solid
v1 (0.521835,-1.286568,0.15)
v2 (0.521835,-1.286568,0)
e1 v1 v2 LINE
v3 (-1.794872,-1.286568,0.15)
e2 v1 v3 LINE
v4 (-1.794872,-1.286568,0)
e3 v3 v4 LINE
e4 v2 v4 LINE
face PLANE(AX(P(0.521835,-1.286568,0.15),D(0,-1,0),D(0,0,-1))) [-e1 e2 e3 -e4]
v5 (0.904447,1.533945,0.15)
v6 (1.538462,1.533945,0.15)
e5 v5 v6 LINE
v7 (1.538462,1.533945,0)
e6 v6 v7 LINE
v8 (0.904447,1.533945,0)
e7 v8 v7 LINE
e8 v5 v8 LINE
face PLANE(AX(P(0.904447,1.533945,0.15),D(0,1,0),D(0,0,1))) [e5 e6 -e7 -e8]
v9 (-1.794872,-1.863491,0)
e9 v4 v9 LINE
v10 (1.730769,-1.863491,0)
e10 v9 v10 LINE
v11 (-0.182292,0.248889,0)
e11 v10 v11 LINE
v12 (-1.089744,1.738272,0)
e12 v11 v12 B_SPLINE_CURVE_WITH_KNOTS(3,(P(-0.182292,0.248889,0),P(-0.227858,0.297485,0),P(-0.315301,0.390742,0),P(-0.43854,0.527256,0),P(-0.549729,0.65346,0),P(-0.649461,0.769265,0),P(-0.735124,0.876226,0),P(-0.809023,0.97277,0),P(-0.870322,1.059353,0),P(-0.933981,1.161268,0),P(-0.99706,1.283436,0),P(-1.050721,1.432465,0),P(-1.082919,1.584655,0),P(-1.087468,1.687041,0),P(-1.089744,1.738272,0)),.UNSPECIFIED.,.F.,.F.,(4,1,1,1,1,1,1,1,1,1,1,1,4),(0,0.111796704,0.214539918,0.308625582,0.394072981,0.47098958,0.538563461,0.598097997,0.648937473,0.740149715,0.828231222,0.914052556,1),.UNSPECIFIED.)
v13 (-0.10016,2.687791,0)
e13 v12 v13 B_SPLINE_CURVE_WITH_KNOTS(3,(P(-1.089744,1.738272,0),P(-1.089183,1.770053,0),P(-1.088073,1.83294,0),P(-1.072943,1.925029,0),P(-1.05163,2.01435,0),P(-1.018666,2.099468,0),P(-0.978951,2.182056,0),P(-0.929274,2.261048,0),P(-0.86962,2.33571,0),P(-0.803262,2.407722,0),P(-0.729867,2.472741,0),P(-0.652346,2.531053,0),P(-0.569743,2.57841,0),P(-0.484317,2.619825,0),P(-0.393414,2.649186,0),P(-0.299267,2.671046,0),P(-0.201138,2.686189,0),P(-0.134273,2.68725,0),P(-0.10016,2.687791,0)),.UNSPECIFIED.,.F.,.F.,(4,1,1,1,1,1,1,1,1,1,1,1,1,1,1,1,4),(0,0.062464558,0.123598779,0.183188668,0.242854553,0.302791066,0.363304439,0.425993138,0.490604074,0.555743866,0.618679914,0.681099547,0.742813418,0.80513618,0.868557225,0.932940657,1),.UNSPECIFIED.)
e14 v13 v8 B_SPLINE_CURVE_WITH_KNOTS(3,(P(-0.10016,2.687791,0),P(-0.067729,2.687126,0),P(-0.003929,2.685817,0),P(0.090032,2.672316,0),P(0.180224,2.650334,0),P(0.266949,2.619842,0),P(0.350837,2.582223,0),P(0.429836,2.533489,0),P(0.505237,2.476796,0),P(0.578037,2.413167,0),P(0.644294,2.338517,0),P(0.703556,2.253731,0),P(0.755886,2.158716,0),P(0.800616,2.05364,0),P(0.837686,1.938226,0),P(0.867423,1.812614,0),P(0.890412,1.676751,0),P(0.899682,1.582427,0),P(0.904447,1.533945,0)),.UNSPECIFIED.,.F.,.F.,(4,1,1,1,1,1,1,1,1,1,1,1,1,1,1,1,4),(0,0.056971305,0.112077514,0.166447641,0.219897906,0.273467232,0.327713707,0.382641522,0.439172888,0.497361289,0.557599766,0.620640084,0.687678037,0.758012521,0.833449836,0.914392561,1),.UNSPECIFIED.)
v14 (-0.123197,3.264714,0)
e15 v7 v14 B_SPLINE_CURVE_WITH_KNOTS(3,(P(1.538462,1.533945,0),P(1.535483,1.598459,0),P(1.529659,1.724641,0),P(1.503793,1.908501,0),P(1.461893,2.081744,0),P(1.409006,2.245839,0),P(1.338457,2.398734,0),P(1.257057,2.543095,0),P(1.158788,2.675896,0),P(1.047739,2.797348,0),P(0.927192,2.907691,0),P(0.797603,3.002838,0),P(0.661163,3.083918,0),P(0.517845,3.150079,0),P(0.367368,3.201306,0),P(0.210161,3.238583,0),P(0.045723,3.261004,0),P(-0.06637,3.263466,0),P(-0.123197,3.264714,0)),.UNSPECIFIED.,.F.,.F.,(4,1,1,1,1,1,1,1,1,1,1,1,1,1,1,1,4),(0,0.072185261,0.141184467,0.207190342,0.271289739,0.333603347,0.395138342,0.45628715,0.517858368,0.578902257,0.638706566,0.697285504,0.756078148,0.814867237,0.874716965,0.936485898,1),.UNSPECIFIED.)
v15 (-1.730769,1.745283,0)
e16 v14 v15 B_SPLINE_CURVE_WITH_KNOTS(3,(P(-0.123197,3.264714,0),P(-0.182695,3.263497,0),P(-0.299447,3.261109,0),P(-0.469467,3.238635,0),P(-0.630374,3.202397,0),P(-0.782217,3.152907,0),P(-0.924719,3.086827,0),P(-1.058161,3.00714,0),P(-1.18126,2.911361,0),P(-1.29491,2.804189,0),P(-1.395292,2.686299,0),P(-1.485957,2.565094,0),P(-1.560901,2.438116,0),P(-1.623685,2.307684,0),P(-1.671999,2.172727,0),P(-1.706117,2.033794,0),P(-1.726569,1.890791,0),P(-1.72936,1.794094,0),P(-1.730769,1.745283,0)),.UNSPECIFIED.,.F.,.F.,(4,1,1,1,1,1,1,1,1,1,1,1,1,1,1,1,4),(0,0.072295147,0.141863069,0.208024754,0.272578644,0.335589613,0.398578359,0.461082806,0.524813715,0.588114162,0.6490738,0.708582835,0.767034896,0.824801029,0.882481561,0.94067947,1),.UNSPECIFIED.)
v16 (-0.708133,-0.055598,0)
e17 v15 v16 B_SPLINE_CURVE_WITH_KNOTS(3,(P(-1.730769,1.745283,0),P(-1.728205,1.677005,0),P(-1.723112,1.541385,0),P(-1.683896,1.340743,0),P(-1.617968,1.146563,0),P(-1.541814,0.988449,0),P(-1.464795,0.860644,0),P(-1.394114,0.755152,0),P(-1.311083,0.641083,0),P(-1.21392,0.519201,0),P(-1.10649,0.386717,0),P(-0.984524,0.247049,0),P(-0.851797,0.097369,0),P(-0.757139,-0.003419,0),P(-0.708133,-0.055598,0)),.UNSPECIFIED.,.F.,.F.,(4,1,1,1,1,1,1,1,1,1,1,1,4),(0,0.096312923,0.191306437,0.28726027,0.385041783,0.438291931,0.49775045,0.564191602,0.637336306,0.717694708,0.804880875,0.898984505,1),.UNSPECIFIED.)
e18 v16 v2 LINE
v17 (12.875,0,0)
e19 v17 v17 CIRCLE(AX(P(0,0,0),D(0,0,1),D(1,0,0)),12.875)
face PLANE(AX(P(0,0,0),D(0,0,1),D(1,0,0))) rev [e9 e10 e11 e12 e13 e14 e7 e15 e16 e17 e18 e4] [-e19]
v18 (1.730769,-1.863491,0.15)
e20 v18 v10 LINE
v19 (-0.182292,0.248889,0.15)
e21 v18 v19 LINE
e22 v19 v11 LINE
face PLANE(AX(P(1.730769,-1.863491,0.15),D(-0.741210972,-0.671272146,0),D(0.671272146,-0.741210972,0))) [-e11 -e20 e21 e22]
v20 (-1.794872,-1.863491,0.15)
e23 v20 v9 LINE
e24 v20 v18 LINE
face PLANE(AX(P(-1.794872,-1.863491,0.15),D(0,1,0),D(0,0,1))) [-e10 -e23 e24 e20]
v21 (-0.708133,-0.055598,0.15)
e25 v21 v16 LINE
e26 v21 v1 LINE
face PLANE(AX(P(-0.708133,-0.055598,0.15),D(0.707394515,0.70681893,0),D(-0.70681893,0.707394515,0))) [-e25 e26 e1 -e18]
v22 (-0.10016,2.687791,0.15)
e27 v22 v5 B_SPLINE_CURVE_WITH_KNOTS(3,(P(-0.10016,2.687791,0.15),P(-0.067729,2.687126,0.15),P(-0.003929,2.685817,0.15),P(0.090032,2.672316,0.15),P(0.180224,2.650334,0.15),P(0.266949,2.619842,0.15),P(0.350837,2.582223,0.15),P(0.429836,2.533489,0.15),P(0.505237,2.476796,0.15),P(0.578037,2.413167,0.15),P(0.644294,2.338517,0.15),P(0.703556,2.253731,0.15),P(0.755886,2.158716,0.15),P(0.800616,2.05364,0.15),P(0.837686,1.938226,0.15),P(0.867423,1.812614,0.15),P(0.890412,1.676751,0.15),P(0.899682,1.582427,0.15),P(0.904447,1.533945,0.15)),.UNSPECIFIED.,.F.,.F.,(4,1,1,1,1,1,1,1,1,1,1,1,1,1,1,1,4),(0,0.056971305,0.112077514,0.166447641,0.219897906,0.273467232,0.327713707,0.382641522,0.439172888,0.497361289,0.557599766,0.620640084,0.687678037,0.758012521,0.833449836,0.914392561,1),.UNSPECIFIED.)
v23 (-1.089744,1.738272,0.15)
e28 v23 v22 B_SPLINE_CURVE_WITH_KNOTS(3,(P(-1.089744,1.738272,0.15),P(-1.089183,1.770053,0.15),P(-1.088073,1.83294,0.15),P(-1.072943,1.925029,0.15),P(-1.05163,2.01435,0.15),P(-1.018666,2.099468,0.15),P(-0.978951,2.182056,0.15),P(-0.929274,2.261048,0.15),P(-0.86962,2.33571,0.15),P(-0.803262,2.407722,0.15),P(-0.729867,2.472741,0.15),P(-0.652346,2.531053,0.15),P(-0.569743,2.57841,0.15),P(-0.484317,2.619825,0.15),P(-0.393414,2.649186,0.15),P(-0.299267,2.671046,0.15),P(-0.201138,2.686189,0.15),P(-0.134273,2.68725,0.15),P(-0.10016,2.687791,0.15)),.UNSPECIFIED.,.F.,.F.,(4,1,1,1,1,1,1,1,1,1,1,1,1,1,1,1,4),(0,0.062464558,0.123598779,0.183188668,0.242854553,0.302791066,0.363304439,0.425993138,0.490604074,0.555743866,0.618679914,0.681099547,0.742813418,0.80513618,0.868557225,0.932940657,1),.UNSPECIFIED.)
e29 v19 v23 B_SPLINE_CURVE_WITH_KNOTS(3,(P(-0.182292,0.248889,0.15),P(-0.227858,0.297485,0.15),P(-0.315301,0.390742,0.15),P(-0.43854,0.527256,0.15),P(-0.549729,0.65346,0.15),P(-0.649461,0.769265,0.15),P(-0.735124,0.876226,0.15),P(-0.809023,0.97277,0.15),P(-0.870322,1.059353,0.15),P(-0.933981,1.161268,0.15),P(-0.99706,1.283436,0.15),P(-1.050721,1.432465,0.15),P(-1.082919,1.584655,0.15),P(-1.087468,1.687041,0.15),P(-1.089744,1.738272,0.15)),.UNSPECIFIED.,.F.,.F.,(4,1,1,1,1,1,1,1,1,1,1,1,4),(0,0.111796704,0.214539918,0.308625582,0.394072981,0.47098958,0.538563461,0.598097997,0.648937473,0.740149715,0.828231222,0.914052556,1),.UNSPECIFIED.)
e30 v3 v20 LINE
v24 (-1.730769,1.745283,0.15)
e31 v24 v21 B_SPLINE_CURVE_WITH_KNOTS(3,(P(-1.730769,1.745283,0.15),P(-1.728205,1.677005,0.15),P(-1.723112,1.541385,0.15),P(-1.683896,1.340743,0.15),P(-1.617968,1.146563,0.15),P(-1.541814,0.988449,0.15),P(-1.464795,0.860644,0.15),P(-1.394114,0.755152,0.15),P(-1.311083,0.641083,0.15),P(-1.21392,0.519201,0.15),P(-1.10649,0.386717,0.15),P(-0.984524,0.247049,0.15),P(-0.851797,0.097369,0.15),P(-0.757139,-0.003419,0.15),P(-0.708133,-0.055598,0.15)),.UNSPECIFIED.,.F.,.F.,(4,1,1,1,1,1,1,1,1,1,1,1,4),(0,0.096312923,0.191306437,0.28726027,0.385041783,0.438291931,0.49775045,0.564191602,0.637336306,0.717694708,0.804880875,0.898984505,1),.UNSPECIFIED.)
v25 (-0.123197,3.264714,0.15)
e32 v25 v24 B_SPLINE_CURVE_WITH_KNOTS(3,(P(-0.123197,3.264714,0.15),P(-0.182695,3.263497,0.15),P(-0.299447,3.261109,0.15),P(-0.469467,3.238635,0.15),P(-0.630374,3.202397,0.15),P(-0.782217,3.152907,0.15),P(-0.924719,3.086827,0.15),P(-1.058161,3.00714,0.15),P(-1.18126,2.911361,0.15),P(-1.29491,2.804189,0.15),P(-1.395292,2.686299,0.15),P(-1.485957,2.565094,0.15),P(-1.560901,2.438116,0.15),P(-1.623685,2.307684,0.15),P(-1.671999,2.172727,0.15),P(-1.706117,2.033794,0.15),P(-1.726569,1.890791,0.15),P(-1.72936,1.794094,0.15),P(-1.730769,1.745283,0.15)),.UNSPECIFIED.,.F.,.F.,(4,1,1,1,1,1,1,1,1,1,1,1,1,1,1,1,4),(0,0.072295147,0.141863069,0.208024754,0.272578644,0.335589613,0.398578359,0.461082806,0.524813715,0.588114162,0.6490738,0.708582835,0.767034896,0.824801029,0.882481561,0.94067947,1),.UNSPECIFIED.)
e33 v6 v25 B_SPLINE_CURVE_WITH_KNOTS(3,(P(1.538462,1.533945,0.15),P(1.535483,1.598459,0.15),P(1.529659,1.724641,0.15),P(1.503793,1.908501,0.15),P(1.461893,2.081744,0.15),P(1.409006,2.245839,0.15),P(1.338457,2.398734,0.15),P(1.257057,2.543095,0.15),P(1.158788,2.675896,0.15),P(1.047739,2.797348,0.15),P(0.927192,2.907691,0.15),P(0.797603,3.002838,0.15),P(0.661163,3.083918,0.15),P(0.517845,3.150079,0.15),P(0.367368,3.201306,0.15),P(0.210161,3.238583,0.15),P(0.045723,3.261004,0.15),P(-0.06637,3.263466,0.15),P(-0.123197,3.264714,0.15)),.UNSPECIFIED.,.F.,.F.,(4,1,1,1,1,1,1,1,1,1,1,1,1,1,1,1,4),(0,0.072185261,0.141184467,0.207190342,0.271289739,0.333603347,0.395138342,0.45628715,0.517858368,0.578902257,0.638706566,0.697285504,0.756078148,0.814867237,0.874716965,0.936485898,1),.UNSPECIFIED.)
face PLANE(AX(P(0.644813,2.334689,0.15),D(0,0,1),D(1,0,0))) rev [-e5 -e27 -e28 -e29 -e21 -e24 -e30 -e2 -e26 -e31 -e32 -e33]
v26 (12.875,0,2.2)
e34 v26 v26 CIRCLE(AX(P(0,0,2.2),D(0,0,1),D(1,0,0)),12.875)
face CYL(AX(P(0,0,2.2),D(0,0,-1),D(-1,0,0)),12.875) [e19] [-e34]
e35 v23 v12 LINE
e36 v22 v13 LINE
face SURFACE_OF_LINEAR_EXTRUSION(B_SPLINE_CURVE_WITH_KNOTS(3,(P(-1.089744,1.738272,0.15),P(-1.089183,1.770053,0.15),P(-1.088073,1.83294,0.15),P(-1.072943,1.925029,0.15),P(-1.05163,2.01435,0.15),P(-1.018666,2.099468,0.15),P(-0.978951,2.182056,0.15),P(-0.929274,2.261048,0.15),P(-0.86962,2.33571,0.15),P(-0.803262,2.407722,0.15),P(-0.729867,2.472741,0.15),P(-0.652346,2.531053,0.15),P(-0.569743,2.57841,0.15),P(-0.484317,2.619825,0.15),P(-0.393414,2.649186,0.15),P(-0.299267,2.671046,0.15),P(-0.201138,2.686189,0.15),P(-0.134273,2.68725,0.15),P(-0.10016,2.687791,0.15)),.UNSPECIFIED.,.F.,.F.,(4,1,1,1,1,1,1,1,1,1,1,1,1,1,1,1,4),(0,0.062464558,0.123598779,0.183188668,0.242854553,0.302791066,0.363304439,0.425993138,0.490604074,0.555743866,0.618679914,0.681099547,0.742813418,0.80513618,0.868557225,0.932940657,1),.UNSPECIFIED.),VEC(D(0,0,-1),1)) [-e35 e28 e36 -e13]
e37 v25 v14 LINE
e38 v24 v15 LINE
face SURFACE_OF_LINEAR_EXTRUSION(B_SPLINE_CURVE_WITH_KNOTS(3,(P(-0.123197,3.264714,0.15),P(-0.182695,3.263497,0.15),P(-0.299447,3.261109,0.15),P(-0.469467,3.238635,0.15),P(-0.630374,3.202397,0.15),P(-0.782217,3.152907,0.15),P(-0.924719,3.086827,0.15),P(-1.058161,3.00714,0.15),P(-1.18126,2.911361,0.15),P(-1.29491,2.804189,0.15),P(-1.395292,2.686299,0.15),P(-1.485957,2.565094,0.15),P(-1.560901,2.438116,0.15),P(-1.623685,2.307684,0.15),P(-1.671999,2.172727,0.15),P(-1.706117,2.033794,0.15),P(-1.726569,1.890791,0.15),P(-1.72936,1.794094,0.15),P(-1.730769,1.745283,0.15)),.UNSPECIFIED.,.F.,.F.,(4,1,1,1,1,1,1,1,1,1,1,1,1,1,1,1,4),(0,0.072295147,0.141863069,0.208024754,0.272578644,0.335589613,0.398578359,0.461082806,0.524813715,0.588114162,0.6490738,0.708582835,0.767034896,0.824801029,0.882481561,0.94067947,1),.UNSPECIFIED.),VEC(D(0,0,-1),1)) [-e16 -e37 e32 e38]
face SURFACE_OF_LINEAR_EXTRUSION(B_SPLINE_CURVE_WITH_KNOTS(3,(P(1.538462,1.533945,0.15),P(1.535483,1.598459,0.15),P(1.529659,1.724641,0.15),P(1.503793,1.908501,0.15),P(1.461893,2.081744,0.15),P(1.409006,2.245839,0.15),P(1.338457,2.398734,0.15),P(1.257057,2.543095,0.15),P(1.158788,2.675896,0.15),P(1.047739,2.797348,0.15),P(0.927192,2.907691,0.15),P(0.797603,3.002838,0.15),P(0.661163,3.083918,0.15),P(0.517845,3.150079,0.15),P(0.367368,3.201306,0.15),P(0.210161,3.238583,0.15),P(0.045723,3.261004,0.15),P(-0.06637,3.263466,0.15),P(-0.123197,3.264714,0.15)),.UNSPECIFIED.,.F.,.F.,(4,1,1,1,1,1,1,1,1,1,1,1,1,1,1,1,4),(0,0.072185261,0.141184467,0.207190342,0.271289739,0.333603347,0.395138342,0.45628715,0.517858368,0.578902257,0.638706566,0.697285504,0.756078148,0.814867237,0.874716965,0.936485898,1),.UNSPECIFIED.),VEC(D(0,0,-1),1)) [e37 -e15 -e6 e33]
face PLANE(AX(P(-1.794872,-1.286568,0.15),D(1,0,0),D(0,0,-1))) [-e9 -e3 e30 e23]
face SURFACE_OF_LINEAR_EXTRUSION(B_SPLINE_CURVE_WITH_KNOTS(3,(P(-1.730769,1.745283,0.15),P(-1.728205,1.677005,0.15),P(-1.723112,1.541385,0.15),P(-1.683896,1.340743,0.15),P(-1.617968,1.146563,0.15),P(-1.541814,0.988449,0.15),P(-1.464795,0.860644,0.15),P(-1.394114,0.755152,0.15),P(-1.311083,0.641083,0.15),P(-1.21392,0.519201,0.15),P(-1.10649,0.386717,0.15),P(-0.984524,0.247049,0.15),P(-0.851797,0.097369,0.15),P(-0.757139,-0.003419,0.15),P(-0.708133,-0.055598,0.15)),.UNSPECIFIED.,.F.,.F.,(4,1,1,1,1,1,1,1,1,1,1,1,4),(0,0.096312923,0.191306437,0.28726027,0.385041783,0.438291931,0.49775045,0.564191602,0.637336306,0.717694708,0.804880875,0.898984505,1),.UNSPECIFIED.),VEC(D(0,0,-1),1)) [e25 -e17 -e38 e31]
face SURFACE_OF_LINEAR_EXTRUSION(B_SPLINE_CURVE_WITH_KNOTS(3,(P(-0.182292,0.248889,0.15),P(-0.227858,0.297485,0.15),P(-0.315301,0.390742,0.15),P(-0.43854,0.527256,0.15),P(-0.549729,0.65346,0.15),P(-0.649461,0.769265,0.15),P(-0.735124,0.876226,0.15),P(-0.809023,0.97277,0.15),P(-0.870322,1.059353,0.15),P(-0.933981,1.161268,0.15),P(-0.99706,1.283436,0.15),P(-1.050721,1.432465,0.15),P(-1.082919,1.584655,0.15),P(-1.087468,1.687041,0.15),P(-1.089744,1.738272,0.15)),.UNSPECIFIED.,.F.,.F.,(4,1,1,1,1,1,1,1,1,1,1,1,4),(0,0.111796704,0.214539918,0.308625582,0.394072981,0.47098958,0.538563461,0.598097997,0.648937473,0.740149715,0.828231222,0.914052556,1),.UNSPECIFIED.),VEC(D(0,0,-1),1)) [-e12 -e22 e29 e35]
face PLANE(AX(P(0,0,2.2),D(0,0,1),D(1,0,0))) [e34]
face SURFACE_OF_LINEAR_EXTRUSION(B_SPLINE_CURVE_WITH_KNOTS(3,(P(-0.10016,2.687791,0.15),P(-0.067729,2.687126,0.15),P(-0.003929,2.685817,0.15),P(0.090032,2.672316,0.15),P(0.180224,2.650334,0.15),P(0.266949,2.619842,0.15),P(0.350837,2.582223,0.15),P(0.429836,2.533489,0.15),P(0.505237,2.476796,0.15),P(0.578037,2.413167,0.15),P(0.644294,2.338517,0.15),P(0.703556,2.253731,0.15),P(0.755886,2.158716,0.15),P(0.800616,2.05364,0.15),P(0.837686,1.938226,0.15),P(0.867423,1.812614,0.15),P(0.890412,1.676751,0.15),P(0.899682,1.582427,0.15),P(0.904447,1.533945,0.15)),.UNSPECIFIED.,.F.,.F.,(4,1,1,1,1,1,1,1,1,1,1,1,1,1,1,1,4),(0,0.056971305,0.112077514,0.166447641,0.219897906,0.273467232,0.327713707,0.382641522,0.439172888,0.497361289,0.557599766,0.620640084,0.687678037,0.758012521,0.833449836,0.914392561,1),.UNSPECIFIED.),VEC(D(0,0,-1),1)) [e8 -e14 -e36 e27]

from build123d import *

# Parameters (mm, degrees)
ESQUISSE1_R             = 12.875
BOSS_EXTRU_1_DEPTH      = 2.2
ENL_V_MAT_EXTRU_1_DEPTH = 0.15


with BuildPart() as part:
    # Esquisse1 → Boss.-Extru.1 (new body)
    with BuildSketch(Plane.XY):
        Circle(ESQUISSE1_R)
    extrude(amount=BOSS_EXTRU_1_DEPTH)

    # Esquisse2 → Enlèv. mat.-Extru.1 (cut)
    with BuildSketch(Plane(origin=(0, 0, 0), x_dir=(-1, 0, 0), z_dir=(0, 0, -1))):
        with BuildLine():
            Line((-0.904447115, 1.53394505), (-1.538461538, 1.53394505))
            add(Edge.make_bspline(
                [(-1.538461538, 1.53394505), (-1.535483382, 1.598459427), (-1.529658516, 1.724640697), (-1.50379311, 1.908500904), (-1.461892993, 2.08174412), (-1.409006202, 2.245838985), (-1.338456695, 2.398734226), (-1.257056677, 2.543095198), (-1.158788153, 2.67589638), (-1.047739352, 2.797347851), (-0.927191956, 2.90769124), (-0.797602942, 3.002838248), (-0.661162761, 3.083917548), (-0.517844585, 3.150078794), (-0.36736774, 3.201306183), (-0.210161142, 3.23858307), (-0.045723284, 3.261004233), (0.066369837, 3.263466167), (0.123197115, 3.264714281)],
                knots=[0, 0, 0, 0, 1.154964179, 2.258951466, 3.315045469, 4.34063582, 5.337653555, 6.322213479, 7.300594401, 8.285733883, 9.262436119, 10.219305053, 11.156568068, 12.097250375, 13.037875795, 13.995471444, 14.983774372, 16, 16, 16, 16], degree=3))
            add(Edge.make_bspline(
                [(0.123197115, 3.264714281), (0.182695398, 3.263497204), (0.299447482, 3.261108962), (0.469466636, 3.238635314), (0.630374203, 3.202396573), (0.782217295, 3.15290748), (0.924719266, 3.086826653), (1.058161121, 3.007140463), (1.181260152, 2.911360539), (1.294909804, 2.804188786), (1.395291833, 2.686298975), (1.485957423, 2.565094244), (1.560901311, 2.438116426), (1.623685397, 2.307684161), (1.671998742, 2.17272694), (1.706117474, 2.033793979), (1.726568813, 1.89079087), (1.729360203, 1.794093658), (1.730769231, 1.745283191)],
                knots=[0, 0, 0, 0, 1.156722346, 2.269809107, 3.328396062, 4.361258308, 5.3694338, 6.377253737, 7.377324894, 8.397019439, 9.4098266, 10.385180797, 11.337325354, 12.27255833, 13.196816462, 14.119704983, 15.050871513, 16, 16, 16, 16], degree=3))
            add(Edge.make_bspline(
                [(1.730769231, 1.745283191), (1.728205226, 1.677005358), (1.723112342, 1.541385042), (1.683895559, 1.340742568), (1.617967551, 1.14656255), (1.541814394, 0.988449086), (1.464794664, 0.86064372), (1.394114185, 0.755151869), (1.311082908, 0.641083154), (1.213920187, 0.519201159), (1.106489605, 0.386717178), (0.984523598, 0.247048886), (0.851797199, 0.0973686), (0.757138795, -0.003419183), (0.708133013, -0.055598219)],
                knots=[0, 0, 0, 0, 1.155755081, 2.295677249, 3.447123235, 4.6205014, 5.259503175, 5.973005395, 6.77029923, 7.648035671, 8.612336498, 9.658570495, 10.787814065, 12, 12, 12, 12], degree=3))
            Line((0.708133013, -0.055598219), (-0.521834936, -1.28656777))
            Line((-0.521834936, -1.28656777), (1.794871795, -1.28656777))
            Line((1.794871795, -1.28656777), (1.794871795, -1.863490847))
            Line((1.794871795, -1.863490847), (-1.730769231, -1.863490847))
            Line((-1.730769231, -1.863490847), (0.182291667, 0.24888896))
            add(Edge.make_bspline(
                [(0.182291667, 0.24888896), (0.227858241, 0.297485202), (0.315301331, 0.390742277), (0.438539985, 0.527255661), (0.549728842, 0.653460154), (0.64946069, 0.769264649), (0.735123959, 0.876225683), (0.809023164, 0.97276967), (0.870321749, 1.059352512), (0.933980622, 1.161267724), (0.997060035, 1.283436349), (1.050720551, 1.432464917), (1.082919489, 1.584655413), (1.087467776, 1.687041396), (1.08974359, 1.738271973)],
                knots=[0, 0, 0, 0, 1.341560447, 2.574479018, 3.703506985, 4.728875774, 5.651874962, 6.462761537, 7.177175968, 7.787249671, 8.88179658, 9.938774664, 10.968630673, 12, 12, 12, 12], degree=3))
            add(Edge.make_bspline(
                [(1.08974359, 1.738271973), (1.089182734, 1.770053483), (1.088072967, 1.832939638), (1.072943119, 1.92502887), (1.051630011, 2.014350301), (1.018666087, 2.099467911), (0.978950625, 2.182056297), (0.929273647, 2.261047824), (0.86962043, 2.335709759), (0.803261839, 2.40772195), (0.729867494, 2.472740803), (0.652345526, 2.531053203), (0.569742603, 2.578410458), (0.484317211, 2.619825206), (0.393413852, 2.649185553), (0.299267039, 2.671045841), (0.201137532, 2.686188903), (0.13427309, 2.687249904), (0.100160256, 2.687791204)],
                knots=[0, 0, 0, 0, 0.999432927, 1.977580462, 2.931018689, 3.885672852, 4.844657058, 5.812871023, 6.815890212, 7.849665183, 8.891901864, 9.898878619, 10.897592748, 11.885014695, 12.882178885, 13.896915602, 14.927050508, 16, 16, 16, 16], degree=3))
            add(Edge.make_bspline(
                [(0.100160256, 2.687791204), (0.067729357, 2.68712604), (0.003929265, 2.685817488), (-0.090032164, 2.67231626), (-0.180223502, 2.650333606), (-0.266949004, 2.61984166), (-0.350836809, 2.582223424), (-0.429835719, 2.533489074), (-0.505236946, 2.476796008), (-0.578037313, 2.413166576), (-0.644294043, 2.338516583), (-0.703555767, 2.25373065), (-0.755886208, 2.158716392), (-0.80061588, 2.053640023), (-0.837685545, 1.938225876), (-0.867422698, 1.812614288), (-0.890412391, 1.676750596), (-0.89968233, 1.582427495), (-0.904447115, 1.53394505)],
                knots=[0, 0, 0, 0, 0.911540883, 1.79324023, 2.663162255, 3.518366492, 4.375475705, 5.243419306, 6.122264358, 7.02676621, 7.957780629, 8.921596253, 9.930241338, 11.002848587, 12.128200329, 13.335197372, 14.630280975, 16, 16, 16, 16], degree=3))
        make_face()
    extrude(amount=-ENL_V_MAT_EXTRU_1_DEPTH, mode=Mode.SUBTRACT)


solid = part.part
